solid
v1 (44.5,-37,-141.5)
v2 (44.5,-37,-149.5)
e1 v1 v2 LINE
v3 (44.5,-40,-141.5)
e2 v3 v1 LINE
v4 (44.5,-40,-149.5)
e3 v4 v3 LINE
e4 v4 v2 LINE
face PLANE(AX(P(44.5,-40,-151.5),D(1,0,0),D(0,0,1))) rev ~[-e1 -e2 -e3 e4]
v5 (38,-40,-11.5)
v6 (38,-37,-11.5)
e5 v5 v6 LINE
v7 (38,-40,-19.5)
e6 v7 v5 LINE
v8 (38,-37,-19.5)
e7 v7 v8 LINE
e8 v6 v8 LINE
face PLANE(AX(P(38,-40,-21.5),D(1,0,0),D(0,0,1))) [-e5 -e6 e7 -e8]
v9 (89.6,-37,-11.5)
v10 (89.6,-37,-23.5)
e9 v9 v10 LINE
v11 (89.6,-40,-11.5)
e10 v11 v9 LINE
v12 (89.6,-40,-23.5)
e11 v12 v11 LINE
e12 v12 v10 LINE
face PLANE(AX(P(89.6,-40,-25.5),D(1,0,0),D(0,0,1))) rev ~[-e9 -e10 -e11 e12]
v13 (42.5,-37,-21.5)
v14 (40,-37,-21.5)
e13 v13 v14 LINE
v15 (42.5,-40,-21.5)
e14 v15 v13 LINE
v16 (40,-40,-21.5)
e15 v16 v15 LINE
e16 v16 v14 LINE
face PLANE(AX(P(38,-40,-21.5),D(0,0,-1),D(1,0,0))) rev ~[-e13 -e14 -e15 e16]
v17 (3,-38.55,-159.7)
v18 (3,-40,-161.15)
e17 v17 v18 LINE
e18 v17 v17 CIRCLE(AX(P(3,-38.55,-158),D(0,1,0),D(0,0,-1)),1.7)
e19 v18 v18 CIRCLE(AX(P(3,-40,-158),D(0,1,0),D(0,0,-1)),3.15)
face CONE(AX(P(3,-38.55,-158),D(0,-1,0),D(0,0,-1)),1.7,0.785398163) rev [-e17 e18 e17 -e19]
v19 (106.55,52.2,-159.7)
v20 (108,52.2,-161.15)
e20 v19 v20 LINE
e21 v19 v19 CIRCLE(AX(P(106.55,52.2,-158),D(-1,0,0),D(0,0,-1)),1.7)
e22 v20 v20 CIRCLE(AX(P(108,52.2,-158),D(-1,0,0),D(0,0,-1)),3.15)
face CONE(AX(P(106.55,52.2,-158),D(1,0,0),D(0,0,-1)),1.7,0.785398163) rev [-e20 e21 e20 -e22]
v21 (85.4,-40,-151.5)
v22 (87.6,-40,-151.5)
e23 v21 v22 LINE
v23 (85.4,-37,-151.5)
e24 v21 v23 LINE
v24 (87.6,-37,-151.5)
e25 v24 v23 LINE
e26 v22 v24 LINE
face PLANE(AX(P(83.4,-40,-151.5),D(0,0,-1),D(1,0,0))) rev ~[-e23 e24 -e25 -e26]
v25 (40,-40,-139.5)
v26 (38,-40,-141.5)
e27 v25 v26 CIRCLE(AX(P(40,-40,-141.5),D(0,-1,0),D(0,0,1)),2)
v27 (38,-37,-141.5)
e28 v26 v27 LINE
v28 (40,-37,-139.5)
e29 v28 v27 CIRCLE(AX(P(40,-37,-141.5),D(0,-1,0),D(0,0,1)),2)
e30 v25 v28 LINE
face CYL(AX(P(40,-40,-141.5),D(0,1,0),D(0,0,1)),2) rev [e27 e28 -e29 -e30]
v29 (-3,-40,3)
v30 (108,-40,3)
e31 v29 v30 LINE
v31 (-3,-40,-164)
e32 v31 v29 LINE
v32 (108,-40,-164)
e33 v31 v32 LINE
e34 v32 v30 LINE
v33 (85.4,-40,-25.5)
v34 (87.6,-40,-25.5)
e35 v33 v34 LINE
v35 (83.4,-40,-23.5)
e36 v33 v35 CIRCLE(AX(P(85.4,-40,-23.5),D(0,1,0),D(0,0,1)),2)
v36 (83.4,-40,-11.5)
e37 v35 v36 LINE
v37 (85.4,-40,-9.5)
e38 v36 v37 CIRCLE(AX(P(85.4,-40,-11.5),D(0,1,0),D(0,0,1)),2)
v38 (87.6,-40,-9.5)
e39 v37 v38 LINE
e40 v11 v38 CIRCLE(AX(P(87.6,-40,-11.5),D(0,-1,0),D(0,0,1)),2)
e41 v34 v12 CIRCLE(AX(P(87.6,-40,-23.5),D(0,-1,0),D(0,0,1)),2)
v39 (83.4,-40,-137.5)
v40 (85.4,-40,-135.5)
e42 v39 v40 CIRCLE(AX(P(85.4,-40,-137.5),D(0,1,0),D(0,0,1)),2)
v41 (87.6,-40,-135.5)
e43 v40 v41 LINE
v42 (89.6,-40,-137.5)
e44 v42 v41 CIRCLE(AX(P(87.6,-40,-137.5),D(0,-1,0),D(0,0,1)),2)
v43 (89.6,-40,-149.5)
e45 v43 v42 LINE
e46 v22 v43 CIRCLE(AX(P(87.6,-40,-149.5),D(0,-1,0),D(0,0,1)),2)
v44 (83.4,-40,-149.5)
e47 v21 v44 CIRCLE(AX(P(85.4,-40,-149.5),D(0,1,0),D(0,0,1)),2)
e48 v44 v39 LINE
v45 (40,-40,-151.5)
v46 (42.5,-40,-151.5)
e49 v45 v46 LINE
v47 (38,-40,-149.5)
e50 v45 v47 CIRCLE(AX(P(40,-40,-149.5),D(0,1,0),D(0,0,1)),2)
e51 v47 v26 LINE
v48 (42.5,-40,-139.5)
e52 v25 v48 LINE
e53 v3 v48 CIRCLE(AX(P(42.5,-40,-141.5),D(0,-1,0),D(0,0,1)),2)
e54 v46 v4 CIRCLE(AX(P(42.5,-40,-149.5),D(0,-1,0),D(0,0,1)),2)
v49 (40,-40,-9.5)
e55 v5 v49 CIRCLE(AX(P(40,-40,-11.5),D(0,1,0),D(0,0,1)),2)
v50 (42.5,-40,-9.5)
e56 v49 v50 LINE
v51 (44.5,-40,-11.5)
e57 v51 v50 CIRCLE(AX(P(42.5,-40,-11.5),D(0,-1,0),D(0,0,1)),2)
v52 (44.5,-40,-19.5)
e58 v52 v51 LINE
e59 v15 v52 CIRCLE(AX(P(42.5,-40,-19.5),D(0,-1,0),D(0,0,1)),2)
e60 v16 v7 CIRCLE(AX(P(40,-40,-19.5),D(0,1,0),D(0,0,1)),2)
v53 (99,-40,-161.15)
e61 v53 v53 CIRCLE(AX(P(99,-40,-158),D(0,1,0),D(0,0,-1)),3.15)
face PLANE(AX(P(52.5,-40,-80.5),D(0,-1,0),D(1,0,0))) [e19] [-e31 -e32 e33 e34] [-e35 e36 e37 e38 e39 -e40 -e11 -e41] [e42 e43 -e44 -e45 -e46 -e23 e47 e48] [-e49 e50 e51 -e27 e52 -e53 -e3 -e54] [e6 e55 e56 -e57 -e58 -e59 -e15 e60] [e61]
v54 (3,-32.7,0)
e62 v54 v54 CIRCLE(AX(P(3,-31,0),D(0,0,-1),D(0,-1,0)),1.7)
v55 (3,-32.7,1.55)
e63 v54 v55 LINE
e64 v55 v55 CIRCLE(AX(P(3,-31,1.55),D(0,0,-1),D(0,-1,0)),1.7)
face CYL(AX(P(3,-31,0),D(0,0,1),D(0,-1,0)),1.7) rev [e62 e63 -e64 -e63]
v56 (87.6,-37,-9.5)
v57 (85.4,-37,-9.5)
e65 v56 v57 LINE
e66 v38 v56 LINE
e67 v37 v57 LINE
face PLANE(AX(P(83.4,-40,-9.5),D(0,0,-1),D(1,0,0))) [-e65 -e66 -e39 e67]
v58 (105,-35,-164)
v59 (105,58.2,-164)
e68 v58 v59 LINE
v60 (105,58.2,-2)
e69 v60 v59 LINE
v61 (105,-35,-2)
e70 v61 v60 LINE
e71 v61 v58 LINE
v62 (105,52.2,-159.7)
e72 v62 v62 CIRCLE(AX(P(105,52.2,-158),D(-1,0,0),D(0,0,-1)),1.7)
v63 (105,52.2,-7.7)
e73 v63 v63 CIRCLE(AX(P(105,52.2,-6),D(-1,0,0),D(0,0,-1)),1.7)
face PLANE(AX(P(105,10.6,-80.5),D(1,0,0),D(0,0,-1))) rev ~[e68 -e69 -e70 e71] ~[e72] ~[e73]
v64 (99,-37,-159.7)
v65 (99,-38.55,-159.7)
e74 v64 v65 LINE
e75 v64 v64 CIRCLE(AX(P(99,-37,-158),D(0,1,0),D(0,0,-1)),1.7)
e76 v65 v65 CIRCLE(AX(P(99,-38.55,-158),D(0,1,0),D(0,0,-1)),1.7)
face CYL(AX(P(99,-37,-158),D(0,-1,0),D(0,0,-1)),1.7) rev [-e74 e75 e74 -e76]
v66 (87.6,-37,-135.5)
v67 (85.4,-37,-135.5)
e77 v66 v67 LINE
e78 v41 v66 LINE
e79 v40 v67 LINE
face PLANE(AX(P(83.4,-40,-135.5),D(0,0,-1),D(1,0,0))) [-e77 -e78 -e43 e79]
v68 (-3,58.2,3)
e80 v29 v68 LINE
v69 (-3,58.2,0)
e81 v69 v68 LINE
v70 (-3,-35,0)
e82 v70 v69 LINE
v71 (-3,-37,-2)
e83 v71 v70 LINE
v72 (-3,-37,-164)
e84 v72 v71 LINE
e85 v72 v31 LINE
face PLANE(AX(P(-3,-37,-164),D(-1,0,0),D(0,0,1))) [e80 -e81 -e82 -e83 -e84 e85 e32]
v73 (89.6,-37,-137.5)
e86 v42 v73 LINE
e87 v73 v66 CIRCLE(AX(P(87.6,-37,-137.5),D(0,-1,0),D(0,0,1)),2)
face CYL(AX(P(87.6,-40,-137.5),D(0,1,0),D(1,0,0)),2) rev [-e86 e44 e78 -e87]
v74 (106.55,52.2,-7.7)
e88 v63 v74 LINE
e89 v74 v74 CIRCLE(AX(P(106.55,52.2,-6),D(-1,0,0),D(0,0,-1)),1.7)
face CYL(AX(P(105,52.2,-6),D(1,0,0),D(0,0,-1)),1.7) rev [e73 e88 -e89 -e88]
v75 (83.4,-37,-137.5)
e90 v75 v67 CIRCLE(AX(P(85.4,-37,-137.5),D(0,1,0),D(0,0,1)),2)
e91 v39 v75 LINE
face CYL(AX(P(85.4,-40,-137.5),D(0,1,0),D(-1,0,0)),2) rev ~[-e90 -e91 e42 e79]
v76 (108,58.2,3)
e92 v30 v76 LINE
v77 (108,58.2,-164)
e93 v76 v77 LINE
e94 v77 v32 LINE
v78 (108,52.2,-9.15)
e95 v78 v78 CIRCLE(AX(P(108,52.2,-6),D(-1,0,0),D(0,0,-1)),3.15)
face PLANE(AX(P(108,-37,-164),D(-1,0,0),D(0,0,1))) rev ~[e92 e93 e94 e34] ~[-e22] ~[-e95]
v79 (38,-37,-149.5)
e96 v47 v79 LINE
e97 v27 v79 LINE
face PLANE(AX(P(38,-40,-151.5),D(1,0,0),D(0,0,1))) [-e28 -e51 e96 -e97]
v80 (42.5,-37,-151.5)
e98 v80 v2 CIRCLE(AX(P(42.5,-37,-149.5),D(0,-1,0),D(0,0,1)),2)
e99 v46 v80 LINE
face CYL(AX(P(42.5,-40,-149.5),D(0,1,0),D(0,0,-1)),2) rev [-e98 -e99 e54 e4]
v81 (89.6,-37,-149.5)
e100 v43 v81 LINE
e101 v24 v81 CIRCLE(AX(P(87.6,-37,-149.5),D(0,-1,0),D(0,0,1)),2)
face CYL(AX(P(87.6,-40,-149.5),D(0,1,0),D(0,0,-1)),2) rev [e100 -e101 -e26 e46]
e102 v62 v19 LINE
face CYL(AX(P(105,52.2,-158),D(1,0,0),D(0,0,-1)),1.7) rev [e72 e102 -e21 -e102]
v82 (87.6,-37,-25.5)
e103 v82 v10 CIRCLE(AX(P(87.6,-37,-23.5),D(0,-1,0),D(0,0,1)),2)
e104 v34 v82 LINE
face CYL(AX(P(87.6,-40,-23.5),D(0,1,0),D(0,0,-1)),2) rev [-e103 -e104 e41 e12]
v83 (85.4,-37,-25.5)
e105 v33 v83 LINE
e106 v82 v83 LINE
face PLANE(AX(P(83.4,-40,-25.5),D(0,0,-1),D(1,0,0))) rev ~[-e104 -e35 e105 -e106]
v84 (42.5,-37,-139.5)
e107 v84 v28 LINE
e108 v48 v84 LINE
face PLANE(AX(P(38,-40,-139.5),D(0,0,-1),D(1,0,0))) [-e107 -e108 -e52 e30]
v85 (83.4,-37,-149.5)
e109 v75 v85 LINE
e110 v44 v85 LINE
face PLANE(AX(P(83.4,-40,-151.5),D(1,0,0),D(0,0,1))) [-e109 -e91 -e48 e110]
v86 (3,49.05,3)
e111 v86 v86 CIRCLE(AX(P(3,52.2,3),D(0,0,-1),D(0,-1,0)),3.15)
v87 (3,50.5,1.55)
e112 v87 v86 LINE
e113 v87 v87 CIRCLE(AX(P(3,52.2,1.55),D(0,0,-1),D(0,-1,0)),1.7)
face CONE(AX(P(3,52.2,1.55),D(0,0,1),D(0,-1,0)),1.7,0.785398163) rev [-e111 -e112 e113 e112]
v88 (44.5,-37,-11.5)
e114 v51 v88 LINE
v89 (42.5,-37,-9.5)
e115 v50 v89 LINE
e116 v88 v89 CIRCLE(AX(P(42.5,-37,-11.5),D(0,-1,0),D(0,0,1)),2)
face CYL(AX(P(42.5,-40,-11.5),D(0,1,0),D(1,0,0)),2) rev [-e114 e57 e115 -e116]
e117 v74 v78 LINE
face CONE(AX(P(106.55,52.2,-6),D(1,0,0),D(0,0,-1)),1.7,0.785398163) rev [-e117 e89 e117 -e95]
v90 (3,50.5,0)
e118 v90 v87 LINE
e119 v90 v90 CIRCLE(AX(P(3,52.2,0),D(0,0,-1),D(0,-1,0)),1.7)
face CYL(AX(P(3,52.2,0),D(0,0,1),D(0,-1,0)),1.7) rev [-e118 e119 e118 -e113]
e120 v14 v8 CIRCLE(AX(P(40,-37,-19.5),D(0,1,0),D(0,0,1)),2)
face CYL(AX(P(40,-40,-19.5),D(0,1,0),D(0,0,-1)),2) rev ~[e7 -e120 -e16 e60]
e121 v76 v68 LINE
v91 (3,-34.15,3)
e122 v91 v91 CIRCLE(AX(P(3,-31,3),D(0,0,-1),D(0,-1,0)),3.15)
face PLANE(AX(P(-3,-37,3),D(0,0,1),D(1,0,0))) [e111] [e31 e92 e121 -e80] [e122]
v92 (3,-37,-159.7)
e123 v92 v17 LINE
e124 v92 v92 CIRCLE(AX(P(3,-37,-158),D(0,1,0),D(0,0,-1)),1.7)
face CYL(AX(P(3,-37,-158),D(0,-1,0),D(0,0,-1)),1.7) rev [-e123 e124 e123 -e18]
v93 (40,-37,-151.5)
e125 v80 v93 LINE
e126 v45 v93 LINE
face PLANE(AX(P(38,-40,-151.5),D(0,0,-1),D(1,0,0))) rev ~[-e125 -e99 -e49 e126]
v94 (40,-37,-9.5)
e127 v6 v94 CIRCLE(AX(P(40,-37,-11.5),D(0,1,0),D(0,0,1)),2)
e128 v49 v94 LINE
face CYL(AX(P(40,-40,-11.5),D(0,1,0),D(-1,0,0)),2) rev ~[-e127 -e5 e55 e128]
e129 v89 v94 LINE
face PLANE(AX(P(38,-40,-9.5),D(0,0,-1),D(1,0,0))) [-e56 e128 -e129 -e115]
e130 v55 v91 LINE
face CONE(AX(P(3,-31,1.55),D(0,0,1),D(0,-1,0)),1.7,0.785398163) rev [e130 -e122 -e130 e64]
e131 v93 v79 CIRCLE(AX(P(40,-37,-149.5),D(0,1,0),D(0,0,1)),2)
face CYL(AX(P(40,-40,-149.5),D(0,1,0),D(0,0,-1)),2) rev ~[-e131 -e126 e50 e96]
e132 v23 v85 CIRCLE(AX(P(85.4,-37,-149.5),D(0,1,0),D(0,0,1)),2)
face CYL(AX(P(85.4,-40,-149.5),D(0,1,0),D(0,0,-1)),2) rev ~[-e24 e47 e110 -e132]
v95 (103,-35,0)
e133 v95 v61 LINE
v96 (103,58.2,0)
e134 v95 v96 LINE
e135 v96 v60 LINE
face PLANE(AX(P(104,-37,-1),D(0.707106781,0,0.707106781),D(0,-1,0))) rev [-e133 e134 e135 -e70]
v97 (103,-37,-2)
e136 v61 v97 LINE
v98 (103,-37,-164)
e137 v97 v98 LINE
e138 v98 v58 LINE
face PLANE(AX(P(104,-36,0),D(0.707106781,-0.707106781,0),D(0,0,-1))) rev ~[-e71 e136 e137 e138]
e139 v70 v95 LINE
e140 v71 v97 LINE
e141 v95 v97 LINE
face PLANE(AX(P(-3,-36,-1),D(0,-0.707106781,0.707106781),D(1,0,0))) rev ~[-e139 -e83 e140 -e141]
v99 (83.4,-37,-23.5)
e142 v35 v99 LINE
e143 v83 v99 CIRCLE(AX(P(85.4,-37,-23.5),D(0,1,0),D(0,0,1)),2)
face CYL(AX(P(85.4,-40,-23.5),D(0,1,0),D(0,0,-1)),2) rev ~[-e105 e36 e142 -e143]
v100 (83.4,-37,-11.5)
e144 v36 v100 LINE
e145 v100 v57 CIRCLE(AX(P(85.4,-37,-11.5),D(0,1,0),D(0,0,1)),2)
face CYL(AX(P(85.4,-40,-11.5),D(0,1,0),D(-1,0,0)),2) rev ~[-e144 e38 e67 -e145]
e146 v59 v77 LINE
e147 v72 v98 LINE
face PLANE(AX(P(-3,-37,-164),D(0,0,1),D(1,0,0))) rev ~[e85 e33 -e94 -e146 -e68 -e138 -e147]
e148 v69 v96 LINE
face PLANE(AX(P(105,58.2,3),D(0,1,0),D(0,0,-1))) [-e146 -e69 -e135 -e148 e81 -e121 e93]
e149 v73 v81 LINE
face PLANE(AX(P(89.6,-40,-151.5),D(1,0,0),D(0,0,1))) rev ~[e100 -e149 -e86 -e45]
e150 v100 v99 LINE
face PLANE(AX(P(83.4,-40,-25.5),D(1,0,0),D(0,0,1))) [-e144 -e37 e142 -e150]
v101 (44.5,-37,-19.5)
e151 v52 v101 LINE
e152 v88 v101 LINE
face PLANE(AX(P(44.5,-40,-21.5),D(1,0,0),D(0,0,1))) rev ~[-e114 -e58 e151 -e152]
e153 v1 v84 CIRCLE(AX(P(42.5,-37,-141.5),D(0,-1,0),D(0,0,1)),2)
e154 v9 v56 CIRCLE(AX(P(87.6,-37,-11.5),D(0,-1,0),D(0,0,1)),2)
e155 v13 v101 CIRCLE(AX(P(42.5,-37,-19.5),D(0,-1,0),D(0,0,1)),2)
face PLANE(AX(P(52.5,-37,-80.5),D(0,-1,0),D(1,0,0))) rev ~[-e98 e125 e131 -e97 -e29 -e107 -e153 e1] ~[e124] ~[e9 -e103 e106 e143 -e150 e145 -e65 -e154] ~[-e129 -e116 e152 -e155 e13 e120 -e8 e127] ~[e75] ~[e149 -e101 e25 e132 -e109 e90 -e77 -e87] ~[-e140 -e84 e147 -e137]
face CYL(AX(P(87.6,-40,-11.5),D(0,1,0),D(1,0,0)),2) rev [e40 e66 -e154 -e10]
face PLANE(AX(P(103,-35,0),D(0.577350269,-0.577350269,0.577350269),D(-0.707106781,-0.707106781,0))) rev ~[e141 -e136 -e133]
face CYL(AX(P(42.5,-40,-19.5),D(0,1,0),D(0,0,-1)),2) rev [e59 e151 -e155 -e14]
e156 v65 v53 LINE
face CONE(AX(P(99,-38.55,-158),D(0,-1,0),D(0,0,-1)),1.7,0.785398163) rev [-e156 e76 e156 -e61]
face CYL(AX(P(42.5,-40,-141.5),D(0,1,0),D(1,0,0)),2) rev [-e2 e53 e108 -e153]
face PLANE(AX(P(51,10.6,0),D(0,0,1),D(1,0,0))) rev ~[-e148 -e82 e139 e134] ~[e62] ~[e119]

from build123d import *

# Parameters (mm, degrees)
SKETCH2_W                                      = 108
SKETCH2_H                                      = 95.2
BOSS_EXTRUDE1_DEPTH                            = 3
SKETCH3_W                                      = 167
SKETCH3_H                                      = 95.2
BOSS_EXTRUDE2_DEPTH                            = 3
SKETCH4_W                                      = 111
SKETCH4_H                                      = 167
BOSS_EXTRUDE3_DEPTH                            = 3
CSK_FOR_M3_FLAT_HEAD_MACHINE_SCREW1_AT_2_COUNT = 2
CSK_FOR_M3_FLAT_HEAD_MACHINE_SCREW1_AT_2_PITCH = 83.2
CSK_FOR_M3_FLAT_HEAD_MACHINE_SCREW2_AT_2_COUNT = 2
CSK_FOR_M3_FLAT_HEAD_MACHINE_SCREW2_AT_2_PITCH = 96
CSK_FOR_M3_FLAT_HEAD_MACHINE_SCREW3_AT_2_COUNT = 2
CSK_FOR_M3_FLAT_HEAD_MACHINE_SCREW3_AT_2_PITCH = 152
CUT_EXTRUDE1_REACH                             = 221.552
SKETCH12_W                                     = 6.5
SKETCH12_H                                     = 12
SKETCH12_W_2                                   = 6.2
SKETCH12_H_2                                   = 16
FILLET1_R                                      = 2
CHAMFER1_SIZE                                  = 2


with BuildPart() as part:
    # Sketch2 → Boss-Extrude1 (new body)
    with BuildSketch(Plane.XY):
        with Locations((51, 10.6)):
            Rectangle(SKETCH2_W, SKETCH2_H)
    extrude(amount=BOSS_EXTRUDE1_DEPTH)

    # Sketch3 → Boss-Extrude2 (add)
    with BuildSketch(Plane(origin=(105, 0, 0), x_dir=(0, 0, -1), z_dir=(1, 0, 0))):
        with Locations((80.5, 10.6)):
            Rectangle(SKETCH3_W, SKETCH3_H)
    extrude(amount=BOSS_EXTRUDE2_DEPTH)

    # Sketch4 → Boss-Extrude3 (add)
    with BuildSketch(Plane.XZ.offset(37)):
        with Locations((52.5, -80.5)):
            Rectangle(SKETCH4_W, SKETCH4_H)
    extrude(amount=BOSS_EXTRUDE3_DEPTH)

    # Sketch6 → CSK for M3 Flat Head Machine Screw1 (revolve, cut)
    with BuildSketch(Plane(origin=(3, -31, 3), x_dir=(0, -1, 0), z_dir=(1, 0, 0))):
        Polygon((0, 0), (0, 3), (1.7, 3), (1.7, 1.45), (3.15, 0), align=None)
    csk_for_m3_flat_head_machine_screw1 = revolve(axis=Axis((3, -31, 9.35), (0, 0, -1)), mode=Mode.SUBTRACT)

    # CSK for M3 Flat Head Machine Screw1 at 2: CSK for M3 Flat Head Machine Screw1 ×2
    with Locations(*[(0, i * CSK_FOR_M3_FLAT_HEAD_MACHINE_SCREW1_AT_2_PITCH, 0) for i in range(1, CSK_FOR_M3_FLAT_HEAD_MACHINE_SCREW1_AT_2_COUNT)]):
        add(csk_for_m3_flat_head_machine_screw1, mode=Mode.SUBTRACT)

    # Sketch8 → CSK for M3 Flat Head Machine Screw2 (revolve, cut)
    with BuildSketch(Plane(origin=(3, -40, -158), x_dir=(0, 0, -1), z_dir=(1, 0, 0))):
        Polygon((0, 0), (0, 3), (1.7, 3), (1.7, 1.45), (3.15, 0), align=None)
    csk_for_m3_flat_head_machine_screw2 = revolve(axis=Axis((3, -46.35, -158), (0, 1, 0)), mode=Mode.SUBTRACT)

    # CSK for M3 Flat Head Machine Screw2 at 2: CSK for M3 Flat Head Machine Screw2 ×2
    with Locations(*[(i * CSK_FOR_M3_FLAT_HEAD_MACHINE_SCREW2_AT_2_PITCH, 0, 0) for i in range(1, CSK_FOR_M3_FLAT_HEAD_MACHINE_SCREW2_AT_2_COUNT)]):
        add(csk_for_m3_flat_head_machine_screw2, mode=Mode.SUBTRACT)

    # Sketch10 → CSK for M3 Flat Head Machine Screw3 (revolve, cut)
    with BuildSketch(Plane(origin=(108, 52.2, -6), x_dir=(0, 0, -1), z_dir=(0, 1, 0))):
        Polygon((0, 0), (0, 3), (1.7, 3), (1.7, 1.45), (3.15, 0), align=None)
    csk_for_m3_flat_head_machine_screw3 = revolve(axis=Axis((114.35, 52.2, -6), (-1, 0, 0)), mode=Mode.SUBTRACT)

    # CSK for M3 Flat Head Machine Screw3 at 2: CSK for M3 Flat Head Machine Screw3 ×2
    with Locations(*[(0, 0, -i * CSK_FOR_M3_FLAT_HEAD_MACHINE_SCREW3_AT_2_PITCH) for i in range(1, CSK_FOR_M3_FLAT_HEAD_MACHINE_SCREW3_AT_2_COUNT)]):
        add(csk_for_m3_flat_head_machine_screw3, mode=Mode.SUBTRACT)

    # Sketch12 → Cut-Extrude1 (cut, up to next)
    with BuildSketch(Plane.XZ.offset(40), mode=Mode.PRIVATE) as cut_extrude1_sk1:
        with Locations((41.25, -15.5)):
            Rectangle(SKETCH12_W, SKETCH12_H)
    cut_extrude1_tool1 = extrude(cut_extrude1_sk1.sketch, amount=-CUT_EXTRUDE1_REACH, mode=Mode.PRIVATE) & part.part
    # Sketch12 → Cut-Extrude1 (cut, up to next)
    with BuildSketch(Plane.XZ.offset(40), mode=Mode.PRIVATE) as cut_extrude1_sk2:
        with Locations((86.5, -17.5)):
            Rectangle(SKETCH12_W_2, SKETCH12_H_2)
    cut_extrude1_tool2 = extrude(cut_extrude1_sk2.sketch, amount=-CUT_EXTRUDE1_REACH, mode=Mode.PRIVATE) & part.part
    # Sketch12 → Cut-Extrude1 (cut, up to next)
    with BuildSketch(Plane.XZ.offset(40), mode=Mode.PRIVATE) as cut_extrude1_sk3:
        with Locations((86.5, -143.5)):
            Rectangle(SKETCH12_W_2, SKETCH12_H_2)
    cut_extrude1_tool3 = extrude(cut_extrude1_sk3.sketch, amount=-CUT_EXTRUDE1_REACH, mode=Mode.PRIVATE) & part.part
    # Sketch12 → Cut-Extrude1 (cut, up to next)
    with BuildSketch(Plane.XZ.offset(40), mode=Mode.PRIVATE) as cut_extrude1_sk4:
        with Locations((41.25, -145.5)):
            Rectangle(SKETCH12_W, SKETCH12_H)
    cut_extrude1_tool4 = extrude(cut_extrude1_sk4.sketch, amount=-CUT_EXTRUDE1_REACH, mode=Mode.PRIVATE) & part.part
    add(cut_extrude1_tool1.solids().sort_by_distance((41.25, -40, -15.5))[0], mode=Mode.SUBTRACT)
    add(cut_extrude1_tool2.solids().sort_by_distance((86.5, -40, -17.5))[0], mode=Mode.SUBTRACT)
    add(cut_extrude1_tool3.solids().sort_by_distance((86.5, -40, -143.5))[0], mode=Mode.SUBTRACT)
    add(cut_extrude1_tool4.solids().sort_by_distance((41.25, -40, -145.5))[0], mode=Mode.SUBTRACT)

    # Fillet1
    fillet1_edges = [part.edges().sort_by_distance(p)[0] for p in [
        (44.5, -38.5, -139.5),
        (44.5, -38.5, -151.5),
        (38, -38.5, -151.5),
        (38, -38.5, -139.5),
        (89.6, -38.5, -135.5),
        (89.6, -38.5, -151.5),
        (83.4, -38.5, -151.5),
        (83.4, -38.5, -135.5),
        (83.4, -38.5, -9.5),
        (89.6, -38.5, -9.5),
        (89.6, -38.5, -25.5),
        (83.4, -38.5, -25.5),
        (38, -38.5, -9.5),
        (44.5, -38.5, -9.5),
        (44.5, -38.5, -21.5),
        (38, -38.5, -21.5),
    ]]
    fillet(fillet1_edges, radius=FILLET1_R)

    # Chamfer1
    chamfer1_edges = [part.edges().sort_by_distance(p)[0] for p in [
        (105, -37, -82),
        (105, 10.6, 0),
        (51, -37, 0),
    ]]
    chamfer(chamfer1_edges, length=CHAMFER1_SIZE)


solid = part.part
